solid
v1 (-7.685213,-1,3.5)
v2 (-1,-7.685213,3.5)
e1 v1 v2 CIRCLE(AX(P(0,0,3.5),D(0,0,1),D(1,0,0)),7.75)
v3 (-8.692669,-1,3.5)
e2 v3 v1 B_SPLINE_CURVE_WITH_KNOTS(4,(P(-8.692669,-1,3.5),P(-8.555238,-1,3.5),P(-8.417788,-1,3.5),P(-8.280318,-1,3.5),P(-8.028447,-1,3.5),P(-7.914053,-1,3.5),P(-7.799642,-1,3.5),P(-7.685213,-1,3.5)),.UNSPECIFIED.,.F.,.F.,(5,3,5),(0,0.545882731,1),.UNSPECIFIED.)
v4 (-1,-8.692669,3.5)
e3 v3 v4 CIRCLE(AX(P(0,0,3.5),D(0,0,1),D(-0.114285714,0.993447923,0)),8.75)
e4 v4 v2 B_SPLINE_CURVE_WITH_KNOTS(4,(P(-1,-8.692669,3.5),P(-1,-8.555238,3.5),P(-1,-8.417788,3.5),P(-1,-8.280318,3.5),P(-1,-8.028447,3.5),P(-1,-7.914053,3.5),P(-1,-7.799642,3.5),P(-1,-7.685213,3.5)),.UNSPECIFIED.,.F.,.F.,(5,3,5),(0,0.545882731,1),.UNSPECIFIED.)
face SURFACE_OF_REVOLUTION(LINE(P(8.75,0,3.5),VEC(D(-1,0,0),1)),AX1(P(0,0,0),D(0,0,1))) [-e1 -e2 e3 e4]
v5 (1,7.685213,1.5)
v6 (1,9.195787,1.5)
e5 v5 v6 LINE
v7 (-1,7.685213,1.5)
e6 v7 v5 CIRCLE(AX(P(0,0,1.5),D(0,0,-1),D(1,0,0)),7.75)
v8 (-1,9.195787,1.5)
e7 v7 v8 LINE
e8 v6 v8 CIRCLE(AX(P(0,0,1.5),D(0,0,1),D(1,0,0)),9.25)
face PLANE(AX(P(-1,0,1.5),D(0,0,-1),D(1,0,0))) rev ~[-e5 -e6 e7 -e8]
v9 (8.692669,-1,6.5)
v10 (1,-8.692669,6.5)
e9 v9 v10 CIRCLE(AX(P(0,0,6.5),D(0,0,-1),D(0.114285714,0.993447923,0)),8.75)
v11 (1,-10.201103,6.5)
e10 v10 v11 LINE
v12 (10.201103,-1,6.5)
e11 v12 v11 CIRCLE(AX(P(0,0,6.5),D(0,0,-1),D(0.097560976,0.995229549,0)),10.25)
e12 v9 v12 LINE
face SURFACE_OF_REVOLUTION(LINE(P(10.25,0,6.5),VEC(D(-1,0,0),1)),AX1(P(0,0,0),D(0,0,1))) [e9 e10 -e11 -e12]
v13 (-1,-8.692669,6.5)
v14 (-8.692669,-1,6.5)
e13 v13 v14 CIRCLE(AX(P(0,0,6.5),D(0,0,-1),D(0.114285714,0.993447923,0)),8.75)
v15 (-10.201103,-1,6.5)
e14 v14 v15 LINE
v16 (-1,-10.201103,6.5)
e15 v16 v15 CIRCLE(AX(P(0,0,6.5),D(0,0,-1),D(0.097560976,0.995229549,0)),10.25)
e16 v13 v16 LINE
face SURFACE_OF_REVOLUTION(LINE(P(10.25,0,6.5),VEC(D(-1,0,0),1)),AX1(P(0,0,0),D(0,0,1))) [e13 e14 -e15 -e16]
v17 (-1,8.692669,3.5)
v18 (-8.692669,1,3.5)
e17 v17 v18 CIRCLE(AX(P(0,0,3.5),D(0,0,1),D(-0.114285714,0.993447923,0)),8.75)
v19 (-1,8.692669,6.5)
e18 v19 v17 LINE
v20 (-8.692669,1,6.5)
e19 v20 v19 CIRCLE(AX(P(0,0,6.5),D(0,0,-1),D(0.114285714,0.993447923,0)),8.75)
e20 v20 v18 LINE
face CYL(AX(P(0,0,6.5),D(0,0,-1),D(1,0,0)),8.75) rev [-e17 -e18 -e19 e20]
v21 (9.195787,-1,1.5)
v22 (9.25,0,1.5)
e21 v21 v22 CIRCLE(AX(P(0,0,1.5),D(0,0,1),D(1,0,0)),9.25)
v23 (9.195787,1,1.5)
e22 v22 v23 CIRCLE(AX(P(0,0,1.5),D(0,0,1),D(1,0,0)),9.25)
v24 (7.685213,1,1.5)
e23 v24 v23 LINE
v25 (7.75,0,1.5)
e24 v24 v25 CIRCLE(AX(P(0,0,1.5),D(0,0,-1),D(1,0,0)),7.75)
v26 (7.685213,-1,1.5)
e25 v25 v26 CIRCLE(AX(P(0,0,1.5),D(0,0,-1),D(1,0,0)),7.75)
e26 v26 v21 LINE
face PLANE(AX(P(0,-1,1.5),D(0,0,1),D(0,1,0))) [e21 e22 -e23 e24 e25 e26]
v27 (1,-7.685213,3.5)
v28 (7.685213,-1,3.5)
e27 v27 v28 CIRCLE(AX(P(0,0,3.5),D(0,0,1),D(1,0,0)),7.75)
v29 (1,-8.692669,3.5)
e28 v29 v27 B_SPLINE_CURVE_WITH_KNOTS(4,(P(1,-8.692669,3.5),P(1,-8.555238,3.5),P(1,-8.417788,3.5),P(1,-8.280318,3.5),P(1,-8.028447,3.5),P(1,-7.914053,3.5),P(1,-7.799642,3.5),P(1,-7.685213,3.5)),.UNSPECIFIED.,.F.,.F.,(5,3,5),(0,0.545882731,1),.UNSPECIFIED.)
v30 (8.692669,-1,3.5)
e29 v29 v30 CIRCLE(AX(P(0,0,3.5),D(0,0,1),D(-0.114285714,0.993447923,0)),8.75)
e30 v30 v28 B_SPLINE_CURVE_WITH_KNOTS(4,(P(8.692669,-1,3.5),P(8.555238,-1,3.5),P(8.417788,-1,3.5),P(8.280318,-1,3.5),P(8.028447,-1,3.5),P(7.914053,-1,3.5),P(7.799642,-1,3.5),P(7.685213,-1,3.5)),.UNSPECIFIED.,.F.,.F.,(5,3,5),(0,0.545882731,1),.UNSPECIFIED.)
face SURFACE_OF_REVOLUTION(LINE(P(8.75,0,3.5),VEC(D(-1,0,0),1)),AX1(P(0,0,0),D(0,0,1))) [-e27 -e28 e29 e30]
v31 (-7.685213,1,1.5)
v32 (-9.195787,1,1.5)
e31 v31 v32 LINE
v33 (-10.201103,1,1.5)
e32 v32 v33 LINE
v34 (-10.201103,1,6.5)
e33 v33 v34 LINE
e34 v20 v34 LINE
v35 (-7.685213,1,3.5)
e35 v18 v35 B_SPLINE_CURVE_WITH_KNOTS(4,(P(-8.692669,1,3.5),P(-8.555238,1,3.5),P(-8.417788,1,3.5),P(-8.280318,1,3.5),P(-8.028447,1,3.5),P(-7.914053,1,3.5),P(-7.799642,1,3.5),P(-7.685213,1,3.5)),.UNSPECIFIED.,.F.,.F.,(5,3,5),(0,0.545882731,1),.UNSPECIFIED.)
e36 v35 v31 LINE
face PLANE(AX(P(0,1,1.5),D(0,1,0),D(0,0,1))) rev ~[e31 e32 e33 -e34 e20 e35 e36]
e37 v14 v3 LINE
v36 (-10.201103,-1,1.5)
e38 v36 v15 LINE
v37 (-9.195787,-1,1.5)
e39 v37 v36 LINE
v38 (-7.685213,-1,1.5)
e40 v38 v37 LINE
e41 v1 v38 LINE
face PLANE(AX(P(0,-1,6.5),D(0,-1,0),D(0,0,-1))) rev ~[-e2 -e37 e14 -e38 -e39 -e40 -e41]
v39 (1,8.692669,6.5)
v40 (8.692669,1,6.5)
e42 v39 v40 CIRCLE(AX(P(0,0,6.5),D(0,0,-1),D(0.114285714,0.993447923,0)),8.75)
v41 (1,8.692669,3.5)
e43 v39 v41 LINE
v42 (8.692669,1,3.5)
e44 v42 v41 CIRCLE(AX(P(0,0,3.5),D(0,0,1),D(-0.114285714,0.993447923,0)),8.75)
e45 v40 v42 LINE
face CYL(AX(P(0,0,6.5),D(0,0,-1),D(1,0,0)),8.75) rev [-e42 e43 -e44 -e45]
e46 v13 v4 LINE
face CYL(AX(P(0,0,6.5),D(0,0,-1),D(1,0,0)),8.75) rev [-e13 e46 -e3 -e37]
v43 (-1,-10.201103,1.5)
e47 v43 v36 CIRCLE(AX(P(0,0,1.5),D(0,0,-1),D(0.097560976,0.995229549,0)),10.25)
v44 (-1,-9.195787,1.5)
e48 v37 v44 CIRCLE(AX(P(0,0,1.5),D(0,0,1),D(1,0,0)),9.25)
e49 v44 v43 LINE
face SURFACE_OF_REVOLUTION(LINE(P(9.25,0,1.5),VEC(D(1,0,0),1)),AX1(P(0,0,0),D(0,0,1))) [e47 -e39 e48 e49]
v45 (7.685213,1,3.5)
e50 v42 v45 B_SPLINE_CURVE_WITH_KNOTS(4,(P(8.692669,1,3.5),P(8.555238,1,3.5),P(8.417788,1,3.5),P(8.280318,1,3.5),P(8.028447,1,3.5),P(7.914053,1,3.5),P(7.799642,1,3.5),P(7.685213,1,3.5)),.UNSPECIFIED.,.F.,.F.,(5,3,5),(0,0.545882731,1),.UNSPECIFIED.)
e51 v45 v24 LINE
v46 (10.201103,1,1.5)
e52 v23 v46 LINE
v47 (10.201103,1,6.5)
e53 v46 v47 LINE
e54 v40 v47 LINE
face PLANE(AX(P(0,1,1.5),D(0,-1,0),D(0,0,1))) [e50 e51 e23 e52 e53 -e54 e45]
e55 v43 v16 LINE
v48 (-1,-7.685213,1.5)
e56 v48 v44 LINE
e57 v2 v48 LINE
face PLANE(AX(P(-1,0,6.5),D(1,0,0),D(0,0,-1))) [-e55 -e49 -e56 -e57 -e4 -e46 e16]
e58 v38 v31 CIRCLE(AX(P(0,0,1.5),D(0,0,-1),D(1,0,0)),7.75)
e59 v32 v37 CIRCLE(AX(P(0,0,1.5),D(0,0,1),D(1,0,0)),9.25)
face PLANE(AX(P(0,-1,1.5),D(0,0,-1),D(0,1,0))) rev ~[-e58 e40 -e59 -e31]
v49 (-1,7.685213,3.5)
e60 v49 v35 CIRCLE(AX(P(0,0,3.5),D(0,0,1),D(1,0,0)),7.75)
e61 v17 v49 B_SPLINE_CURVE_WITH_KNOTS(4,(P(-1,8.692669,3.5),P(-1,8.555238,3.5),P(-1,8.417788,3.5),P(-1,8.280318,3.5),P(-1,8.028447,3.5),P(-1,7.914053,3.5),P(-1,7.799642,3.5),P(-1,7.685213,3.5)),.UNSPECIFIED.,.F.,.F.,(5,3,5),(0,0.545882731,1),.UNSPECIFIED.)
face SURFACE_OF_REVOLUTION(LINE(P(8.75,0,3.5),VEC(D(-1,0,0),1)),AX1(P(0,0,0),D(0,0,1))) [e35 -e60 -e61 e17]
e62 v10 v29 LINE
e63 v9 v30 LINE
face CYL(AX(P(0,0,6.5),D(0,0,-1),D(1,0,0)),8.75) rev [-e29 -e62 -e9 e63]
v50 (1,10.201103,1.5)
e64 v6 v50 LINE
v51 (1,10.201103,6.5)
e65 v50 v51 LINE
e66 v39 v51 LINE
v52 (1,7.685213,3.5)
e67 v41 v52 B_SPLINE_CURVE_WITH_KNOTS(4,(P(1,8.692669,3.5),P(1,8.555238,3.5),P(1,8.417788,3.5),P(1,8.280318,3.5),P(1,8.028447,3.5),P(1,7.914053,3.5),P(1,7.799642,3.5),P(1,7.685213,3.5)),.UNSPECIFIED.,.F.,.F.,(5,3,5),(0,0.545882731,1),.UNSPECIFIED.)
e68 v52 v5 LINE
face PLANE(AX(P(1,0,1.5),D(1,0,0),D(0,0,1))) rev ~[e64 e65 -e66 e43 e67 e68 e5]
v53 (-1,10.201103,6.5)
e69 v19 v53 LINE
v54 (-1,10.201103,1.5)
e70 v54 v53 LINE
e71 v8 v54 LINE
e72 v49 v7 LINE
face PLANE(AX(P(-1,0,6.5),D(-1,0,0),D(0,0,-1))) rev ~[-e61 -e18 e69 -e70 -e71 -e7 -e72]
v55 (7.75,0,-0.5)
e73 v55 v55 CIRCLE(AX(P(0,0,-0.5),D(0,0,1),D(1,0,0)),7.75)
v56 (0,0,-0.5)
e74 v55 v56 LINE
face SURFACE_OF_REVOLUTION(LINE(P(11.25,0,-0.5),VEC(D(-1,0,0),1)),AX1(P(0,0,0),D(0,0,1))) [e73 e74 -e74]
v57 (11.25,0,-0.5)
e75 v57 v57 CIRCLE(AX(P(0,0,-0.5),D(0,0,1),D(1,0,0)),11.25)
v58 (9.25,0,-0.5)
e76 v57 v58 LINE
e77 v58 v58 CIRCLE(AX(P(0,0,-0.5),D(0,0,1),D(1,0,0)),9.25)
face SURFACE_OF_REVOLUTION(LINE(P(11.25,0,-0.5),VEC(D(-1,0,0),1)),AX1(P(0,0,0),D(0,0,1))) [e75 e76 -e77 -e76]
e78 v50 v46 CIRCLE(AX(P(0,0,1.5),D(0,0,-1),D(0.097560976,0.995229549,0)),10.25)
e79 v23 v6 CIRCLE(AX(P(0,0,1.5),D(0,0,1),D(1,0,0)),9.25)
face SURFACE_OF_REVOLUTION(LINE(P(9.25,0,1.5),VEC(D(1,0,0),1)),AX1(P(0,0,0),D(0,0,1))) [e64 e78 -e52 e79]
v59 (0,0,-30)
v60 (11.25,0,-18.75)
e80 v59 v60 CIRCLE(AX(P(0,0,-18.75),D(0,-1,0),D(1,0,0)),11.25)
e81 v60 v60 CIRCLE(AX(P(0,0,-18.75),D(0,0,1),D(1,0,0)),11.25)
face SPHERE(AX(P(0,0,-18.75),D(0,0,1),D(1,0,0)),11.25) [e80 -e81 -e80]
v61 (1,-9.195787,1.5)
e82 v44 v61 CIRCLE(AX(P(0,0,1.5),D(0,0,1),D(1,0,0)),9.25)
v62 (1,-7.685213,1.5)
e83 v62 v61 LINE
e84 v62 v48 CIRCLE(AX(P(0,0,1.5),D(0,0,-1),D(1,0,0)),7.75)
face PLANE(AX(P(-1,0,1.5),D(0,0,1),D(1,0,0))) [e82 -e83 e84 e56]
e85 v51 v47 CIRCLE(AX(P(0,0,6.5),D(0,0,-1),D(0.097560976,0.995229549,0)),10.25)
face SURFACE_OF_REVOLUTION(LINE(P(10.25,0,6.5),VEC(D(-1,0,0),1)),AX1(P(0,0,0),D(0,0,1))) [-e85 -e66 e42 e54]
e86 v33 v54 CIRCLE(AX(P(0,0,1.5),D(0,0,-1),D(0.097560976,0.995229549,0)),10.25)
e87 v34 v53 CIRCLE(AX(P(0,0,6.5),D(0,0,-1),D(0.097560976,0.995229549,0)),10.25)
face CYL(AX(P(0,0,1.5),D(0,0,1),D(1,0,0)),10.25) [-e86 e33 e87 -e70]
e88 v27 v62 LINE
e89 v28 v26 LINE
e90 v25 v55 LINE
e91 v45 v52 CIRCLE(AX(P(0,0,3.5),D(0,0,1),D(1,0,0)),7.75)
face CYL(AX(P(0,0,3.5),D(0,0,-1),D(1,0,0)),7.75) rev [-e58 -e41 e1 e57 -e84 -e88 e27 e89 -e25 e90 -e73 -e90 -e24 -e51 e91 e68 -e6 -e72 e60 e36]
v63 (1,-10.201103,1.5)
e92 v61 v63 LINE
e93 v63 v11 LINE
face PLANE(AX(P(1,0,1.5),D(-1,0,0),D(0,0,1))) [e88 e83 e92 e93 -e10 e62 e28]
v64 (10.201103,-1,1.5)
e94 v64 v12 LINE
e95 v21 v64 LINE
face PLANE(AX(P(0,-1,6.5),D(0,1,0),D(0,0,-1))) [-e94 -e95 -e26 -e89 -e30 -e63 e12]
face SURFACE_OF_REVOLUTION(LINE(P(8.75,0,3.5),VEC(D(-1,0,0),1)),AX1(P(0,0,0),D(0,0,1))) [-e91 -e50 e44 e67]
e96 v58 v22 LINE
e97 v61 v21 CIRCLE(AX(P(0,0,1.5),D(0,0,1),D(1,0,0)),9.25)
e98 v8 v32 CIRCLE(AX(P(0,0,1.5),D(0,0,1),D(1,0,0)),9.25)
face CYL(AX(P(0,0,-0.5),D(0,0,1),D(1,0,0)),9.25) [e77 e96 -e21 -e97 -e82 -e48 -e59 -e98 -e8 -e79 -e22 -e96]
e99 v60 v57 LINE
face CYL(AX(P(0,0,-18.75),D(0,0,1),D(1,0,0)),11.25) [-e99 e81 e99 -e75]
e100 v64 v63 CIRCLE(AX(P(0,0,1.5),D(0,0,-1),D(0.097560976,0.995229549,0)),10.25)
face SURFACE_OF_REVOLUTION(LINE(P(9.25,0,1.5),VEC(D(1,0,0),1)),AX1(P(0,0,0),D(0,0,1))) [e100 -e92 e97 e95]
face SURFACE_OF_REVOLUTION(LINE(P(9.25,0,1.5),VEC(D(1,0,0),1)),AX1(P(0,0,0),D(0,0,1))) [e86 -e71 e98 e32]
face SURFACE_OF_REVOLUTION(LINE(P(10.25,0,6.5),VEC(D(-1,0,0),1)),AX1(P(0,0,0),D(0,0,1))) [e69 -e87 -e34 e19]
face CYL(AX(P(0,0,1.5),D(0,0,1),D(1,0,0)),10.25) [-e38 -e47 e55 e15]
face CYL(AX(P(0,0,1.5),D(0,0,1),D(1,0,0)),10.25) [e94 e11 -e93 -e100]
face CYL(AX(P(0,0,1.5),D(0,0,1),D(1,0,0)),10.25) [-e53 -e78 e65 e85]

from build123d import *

# Parameters (mm, degrees)
F3_DEPTH      = 25
F3_DEPTH_BACK = 25
F5_DEPTH      = 25
F5_DEPTH_BACK = 25


with BuildPart() as f2:
    # F2: sweep along a path in F1
    with BuildLine(Plane.XY) as f2_path:
        CenterArc((0, 0), 11.25, 0, 360)
    # F0 (on Front) → F2 (sweep)
    with BuildSketch(Plane.XZ):
        with BuildLine():
            Line((10.25, -0.5), (9.25, -0.5))
            Line((9.25, -0.5), (7.75, -0.5))
            Line((7.75, -0.5), (1, -0.5))
            Line((1, -0.5), (0, -0.5))
            Line((0, -0.5), (0, -30))
            ThreePointArc((0, -30), (7.9549512883, -26.7049512883), (11.25, -18.75))
            Line((11.25, -18.75), (11.25, -0.5))
            Line((11.25, -0.5), (10.25, -0.5))
        make_face()
        Polygon((9.25, 1.5), (10.25, 1.5), (10.25, 6.5), (8.75, 6.5), (8.75, 3.5), (7.75, 3.5), (7.75, -0.5), (9.25, -0.5), align=None)
    sweep(path=f2_path.line)

    # F0 (on Front) → F3 (cut, two sides)
    with BuildSketch(Plane.XZ) as f3_sk:
        Polygon((-1, 1.5), (1, 1.5), (1, 6.5), (0, 6.5), (-1, 6.5), align=None)
    extrude(amount=-F3_DEPTH, mode=Mode.SUBTRACT)
    extrude(f3_sk.sketch, amount=F3_DEPTH_BACK, mode=Mode.SUBTRACT)

    # F4 (on Right) → F5 (cut, two sides)
    with BuildSketch(Plane.YZ) as f5_sk:
        Polygon((-1, 1.5), (0, 1.5), (1, 1.5), (1, 6.5), (-1, 6.5), align=None)
    extrude(amount=-F5_DEPTH, mode=Mode.SUBTRACT)
    extrude(f5_sk.sketch, amount=F5_DEPTH_BACK, mode=Mode.SUBTRACT)


solid = f2.part
